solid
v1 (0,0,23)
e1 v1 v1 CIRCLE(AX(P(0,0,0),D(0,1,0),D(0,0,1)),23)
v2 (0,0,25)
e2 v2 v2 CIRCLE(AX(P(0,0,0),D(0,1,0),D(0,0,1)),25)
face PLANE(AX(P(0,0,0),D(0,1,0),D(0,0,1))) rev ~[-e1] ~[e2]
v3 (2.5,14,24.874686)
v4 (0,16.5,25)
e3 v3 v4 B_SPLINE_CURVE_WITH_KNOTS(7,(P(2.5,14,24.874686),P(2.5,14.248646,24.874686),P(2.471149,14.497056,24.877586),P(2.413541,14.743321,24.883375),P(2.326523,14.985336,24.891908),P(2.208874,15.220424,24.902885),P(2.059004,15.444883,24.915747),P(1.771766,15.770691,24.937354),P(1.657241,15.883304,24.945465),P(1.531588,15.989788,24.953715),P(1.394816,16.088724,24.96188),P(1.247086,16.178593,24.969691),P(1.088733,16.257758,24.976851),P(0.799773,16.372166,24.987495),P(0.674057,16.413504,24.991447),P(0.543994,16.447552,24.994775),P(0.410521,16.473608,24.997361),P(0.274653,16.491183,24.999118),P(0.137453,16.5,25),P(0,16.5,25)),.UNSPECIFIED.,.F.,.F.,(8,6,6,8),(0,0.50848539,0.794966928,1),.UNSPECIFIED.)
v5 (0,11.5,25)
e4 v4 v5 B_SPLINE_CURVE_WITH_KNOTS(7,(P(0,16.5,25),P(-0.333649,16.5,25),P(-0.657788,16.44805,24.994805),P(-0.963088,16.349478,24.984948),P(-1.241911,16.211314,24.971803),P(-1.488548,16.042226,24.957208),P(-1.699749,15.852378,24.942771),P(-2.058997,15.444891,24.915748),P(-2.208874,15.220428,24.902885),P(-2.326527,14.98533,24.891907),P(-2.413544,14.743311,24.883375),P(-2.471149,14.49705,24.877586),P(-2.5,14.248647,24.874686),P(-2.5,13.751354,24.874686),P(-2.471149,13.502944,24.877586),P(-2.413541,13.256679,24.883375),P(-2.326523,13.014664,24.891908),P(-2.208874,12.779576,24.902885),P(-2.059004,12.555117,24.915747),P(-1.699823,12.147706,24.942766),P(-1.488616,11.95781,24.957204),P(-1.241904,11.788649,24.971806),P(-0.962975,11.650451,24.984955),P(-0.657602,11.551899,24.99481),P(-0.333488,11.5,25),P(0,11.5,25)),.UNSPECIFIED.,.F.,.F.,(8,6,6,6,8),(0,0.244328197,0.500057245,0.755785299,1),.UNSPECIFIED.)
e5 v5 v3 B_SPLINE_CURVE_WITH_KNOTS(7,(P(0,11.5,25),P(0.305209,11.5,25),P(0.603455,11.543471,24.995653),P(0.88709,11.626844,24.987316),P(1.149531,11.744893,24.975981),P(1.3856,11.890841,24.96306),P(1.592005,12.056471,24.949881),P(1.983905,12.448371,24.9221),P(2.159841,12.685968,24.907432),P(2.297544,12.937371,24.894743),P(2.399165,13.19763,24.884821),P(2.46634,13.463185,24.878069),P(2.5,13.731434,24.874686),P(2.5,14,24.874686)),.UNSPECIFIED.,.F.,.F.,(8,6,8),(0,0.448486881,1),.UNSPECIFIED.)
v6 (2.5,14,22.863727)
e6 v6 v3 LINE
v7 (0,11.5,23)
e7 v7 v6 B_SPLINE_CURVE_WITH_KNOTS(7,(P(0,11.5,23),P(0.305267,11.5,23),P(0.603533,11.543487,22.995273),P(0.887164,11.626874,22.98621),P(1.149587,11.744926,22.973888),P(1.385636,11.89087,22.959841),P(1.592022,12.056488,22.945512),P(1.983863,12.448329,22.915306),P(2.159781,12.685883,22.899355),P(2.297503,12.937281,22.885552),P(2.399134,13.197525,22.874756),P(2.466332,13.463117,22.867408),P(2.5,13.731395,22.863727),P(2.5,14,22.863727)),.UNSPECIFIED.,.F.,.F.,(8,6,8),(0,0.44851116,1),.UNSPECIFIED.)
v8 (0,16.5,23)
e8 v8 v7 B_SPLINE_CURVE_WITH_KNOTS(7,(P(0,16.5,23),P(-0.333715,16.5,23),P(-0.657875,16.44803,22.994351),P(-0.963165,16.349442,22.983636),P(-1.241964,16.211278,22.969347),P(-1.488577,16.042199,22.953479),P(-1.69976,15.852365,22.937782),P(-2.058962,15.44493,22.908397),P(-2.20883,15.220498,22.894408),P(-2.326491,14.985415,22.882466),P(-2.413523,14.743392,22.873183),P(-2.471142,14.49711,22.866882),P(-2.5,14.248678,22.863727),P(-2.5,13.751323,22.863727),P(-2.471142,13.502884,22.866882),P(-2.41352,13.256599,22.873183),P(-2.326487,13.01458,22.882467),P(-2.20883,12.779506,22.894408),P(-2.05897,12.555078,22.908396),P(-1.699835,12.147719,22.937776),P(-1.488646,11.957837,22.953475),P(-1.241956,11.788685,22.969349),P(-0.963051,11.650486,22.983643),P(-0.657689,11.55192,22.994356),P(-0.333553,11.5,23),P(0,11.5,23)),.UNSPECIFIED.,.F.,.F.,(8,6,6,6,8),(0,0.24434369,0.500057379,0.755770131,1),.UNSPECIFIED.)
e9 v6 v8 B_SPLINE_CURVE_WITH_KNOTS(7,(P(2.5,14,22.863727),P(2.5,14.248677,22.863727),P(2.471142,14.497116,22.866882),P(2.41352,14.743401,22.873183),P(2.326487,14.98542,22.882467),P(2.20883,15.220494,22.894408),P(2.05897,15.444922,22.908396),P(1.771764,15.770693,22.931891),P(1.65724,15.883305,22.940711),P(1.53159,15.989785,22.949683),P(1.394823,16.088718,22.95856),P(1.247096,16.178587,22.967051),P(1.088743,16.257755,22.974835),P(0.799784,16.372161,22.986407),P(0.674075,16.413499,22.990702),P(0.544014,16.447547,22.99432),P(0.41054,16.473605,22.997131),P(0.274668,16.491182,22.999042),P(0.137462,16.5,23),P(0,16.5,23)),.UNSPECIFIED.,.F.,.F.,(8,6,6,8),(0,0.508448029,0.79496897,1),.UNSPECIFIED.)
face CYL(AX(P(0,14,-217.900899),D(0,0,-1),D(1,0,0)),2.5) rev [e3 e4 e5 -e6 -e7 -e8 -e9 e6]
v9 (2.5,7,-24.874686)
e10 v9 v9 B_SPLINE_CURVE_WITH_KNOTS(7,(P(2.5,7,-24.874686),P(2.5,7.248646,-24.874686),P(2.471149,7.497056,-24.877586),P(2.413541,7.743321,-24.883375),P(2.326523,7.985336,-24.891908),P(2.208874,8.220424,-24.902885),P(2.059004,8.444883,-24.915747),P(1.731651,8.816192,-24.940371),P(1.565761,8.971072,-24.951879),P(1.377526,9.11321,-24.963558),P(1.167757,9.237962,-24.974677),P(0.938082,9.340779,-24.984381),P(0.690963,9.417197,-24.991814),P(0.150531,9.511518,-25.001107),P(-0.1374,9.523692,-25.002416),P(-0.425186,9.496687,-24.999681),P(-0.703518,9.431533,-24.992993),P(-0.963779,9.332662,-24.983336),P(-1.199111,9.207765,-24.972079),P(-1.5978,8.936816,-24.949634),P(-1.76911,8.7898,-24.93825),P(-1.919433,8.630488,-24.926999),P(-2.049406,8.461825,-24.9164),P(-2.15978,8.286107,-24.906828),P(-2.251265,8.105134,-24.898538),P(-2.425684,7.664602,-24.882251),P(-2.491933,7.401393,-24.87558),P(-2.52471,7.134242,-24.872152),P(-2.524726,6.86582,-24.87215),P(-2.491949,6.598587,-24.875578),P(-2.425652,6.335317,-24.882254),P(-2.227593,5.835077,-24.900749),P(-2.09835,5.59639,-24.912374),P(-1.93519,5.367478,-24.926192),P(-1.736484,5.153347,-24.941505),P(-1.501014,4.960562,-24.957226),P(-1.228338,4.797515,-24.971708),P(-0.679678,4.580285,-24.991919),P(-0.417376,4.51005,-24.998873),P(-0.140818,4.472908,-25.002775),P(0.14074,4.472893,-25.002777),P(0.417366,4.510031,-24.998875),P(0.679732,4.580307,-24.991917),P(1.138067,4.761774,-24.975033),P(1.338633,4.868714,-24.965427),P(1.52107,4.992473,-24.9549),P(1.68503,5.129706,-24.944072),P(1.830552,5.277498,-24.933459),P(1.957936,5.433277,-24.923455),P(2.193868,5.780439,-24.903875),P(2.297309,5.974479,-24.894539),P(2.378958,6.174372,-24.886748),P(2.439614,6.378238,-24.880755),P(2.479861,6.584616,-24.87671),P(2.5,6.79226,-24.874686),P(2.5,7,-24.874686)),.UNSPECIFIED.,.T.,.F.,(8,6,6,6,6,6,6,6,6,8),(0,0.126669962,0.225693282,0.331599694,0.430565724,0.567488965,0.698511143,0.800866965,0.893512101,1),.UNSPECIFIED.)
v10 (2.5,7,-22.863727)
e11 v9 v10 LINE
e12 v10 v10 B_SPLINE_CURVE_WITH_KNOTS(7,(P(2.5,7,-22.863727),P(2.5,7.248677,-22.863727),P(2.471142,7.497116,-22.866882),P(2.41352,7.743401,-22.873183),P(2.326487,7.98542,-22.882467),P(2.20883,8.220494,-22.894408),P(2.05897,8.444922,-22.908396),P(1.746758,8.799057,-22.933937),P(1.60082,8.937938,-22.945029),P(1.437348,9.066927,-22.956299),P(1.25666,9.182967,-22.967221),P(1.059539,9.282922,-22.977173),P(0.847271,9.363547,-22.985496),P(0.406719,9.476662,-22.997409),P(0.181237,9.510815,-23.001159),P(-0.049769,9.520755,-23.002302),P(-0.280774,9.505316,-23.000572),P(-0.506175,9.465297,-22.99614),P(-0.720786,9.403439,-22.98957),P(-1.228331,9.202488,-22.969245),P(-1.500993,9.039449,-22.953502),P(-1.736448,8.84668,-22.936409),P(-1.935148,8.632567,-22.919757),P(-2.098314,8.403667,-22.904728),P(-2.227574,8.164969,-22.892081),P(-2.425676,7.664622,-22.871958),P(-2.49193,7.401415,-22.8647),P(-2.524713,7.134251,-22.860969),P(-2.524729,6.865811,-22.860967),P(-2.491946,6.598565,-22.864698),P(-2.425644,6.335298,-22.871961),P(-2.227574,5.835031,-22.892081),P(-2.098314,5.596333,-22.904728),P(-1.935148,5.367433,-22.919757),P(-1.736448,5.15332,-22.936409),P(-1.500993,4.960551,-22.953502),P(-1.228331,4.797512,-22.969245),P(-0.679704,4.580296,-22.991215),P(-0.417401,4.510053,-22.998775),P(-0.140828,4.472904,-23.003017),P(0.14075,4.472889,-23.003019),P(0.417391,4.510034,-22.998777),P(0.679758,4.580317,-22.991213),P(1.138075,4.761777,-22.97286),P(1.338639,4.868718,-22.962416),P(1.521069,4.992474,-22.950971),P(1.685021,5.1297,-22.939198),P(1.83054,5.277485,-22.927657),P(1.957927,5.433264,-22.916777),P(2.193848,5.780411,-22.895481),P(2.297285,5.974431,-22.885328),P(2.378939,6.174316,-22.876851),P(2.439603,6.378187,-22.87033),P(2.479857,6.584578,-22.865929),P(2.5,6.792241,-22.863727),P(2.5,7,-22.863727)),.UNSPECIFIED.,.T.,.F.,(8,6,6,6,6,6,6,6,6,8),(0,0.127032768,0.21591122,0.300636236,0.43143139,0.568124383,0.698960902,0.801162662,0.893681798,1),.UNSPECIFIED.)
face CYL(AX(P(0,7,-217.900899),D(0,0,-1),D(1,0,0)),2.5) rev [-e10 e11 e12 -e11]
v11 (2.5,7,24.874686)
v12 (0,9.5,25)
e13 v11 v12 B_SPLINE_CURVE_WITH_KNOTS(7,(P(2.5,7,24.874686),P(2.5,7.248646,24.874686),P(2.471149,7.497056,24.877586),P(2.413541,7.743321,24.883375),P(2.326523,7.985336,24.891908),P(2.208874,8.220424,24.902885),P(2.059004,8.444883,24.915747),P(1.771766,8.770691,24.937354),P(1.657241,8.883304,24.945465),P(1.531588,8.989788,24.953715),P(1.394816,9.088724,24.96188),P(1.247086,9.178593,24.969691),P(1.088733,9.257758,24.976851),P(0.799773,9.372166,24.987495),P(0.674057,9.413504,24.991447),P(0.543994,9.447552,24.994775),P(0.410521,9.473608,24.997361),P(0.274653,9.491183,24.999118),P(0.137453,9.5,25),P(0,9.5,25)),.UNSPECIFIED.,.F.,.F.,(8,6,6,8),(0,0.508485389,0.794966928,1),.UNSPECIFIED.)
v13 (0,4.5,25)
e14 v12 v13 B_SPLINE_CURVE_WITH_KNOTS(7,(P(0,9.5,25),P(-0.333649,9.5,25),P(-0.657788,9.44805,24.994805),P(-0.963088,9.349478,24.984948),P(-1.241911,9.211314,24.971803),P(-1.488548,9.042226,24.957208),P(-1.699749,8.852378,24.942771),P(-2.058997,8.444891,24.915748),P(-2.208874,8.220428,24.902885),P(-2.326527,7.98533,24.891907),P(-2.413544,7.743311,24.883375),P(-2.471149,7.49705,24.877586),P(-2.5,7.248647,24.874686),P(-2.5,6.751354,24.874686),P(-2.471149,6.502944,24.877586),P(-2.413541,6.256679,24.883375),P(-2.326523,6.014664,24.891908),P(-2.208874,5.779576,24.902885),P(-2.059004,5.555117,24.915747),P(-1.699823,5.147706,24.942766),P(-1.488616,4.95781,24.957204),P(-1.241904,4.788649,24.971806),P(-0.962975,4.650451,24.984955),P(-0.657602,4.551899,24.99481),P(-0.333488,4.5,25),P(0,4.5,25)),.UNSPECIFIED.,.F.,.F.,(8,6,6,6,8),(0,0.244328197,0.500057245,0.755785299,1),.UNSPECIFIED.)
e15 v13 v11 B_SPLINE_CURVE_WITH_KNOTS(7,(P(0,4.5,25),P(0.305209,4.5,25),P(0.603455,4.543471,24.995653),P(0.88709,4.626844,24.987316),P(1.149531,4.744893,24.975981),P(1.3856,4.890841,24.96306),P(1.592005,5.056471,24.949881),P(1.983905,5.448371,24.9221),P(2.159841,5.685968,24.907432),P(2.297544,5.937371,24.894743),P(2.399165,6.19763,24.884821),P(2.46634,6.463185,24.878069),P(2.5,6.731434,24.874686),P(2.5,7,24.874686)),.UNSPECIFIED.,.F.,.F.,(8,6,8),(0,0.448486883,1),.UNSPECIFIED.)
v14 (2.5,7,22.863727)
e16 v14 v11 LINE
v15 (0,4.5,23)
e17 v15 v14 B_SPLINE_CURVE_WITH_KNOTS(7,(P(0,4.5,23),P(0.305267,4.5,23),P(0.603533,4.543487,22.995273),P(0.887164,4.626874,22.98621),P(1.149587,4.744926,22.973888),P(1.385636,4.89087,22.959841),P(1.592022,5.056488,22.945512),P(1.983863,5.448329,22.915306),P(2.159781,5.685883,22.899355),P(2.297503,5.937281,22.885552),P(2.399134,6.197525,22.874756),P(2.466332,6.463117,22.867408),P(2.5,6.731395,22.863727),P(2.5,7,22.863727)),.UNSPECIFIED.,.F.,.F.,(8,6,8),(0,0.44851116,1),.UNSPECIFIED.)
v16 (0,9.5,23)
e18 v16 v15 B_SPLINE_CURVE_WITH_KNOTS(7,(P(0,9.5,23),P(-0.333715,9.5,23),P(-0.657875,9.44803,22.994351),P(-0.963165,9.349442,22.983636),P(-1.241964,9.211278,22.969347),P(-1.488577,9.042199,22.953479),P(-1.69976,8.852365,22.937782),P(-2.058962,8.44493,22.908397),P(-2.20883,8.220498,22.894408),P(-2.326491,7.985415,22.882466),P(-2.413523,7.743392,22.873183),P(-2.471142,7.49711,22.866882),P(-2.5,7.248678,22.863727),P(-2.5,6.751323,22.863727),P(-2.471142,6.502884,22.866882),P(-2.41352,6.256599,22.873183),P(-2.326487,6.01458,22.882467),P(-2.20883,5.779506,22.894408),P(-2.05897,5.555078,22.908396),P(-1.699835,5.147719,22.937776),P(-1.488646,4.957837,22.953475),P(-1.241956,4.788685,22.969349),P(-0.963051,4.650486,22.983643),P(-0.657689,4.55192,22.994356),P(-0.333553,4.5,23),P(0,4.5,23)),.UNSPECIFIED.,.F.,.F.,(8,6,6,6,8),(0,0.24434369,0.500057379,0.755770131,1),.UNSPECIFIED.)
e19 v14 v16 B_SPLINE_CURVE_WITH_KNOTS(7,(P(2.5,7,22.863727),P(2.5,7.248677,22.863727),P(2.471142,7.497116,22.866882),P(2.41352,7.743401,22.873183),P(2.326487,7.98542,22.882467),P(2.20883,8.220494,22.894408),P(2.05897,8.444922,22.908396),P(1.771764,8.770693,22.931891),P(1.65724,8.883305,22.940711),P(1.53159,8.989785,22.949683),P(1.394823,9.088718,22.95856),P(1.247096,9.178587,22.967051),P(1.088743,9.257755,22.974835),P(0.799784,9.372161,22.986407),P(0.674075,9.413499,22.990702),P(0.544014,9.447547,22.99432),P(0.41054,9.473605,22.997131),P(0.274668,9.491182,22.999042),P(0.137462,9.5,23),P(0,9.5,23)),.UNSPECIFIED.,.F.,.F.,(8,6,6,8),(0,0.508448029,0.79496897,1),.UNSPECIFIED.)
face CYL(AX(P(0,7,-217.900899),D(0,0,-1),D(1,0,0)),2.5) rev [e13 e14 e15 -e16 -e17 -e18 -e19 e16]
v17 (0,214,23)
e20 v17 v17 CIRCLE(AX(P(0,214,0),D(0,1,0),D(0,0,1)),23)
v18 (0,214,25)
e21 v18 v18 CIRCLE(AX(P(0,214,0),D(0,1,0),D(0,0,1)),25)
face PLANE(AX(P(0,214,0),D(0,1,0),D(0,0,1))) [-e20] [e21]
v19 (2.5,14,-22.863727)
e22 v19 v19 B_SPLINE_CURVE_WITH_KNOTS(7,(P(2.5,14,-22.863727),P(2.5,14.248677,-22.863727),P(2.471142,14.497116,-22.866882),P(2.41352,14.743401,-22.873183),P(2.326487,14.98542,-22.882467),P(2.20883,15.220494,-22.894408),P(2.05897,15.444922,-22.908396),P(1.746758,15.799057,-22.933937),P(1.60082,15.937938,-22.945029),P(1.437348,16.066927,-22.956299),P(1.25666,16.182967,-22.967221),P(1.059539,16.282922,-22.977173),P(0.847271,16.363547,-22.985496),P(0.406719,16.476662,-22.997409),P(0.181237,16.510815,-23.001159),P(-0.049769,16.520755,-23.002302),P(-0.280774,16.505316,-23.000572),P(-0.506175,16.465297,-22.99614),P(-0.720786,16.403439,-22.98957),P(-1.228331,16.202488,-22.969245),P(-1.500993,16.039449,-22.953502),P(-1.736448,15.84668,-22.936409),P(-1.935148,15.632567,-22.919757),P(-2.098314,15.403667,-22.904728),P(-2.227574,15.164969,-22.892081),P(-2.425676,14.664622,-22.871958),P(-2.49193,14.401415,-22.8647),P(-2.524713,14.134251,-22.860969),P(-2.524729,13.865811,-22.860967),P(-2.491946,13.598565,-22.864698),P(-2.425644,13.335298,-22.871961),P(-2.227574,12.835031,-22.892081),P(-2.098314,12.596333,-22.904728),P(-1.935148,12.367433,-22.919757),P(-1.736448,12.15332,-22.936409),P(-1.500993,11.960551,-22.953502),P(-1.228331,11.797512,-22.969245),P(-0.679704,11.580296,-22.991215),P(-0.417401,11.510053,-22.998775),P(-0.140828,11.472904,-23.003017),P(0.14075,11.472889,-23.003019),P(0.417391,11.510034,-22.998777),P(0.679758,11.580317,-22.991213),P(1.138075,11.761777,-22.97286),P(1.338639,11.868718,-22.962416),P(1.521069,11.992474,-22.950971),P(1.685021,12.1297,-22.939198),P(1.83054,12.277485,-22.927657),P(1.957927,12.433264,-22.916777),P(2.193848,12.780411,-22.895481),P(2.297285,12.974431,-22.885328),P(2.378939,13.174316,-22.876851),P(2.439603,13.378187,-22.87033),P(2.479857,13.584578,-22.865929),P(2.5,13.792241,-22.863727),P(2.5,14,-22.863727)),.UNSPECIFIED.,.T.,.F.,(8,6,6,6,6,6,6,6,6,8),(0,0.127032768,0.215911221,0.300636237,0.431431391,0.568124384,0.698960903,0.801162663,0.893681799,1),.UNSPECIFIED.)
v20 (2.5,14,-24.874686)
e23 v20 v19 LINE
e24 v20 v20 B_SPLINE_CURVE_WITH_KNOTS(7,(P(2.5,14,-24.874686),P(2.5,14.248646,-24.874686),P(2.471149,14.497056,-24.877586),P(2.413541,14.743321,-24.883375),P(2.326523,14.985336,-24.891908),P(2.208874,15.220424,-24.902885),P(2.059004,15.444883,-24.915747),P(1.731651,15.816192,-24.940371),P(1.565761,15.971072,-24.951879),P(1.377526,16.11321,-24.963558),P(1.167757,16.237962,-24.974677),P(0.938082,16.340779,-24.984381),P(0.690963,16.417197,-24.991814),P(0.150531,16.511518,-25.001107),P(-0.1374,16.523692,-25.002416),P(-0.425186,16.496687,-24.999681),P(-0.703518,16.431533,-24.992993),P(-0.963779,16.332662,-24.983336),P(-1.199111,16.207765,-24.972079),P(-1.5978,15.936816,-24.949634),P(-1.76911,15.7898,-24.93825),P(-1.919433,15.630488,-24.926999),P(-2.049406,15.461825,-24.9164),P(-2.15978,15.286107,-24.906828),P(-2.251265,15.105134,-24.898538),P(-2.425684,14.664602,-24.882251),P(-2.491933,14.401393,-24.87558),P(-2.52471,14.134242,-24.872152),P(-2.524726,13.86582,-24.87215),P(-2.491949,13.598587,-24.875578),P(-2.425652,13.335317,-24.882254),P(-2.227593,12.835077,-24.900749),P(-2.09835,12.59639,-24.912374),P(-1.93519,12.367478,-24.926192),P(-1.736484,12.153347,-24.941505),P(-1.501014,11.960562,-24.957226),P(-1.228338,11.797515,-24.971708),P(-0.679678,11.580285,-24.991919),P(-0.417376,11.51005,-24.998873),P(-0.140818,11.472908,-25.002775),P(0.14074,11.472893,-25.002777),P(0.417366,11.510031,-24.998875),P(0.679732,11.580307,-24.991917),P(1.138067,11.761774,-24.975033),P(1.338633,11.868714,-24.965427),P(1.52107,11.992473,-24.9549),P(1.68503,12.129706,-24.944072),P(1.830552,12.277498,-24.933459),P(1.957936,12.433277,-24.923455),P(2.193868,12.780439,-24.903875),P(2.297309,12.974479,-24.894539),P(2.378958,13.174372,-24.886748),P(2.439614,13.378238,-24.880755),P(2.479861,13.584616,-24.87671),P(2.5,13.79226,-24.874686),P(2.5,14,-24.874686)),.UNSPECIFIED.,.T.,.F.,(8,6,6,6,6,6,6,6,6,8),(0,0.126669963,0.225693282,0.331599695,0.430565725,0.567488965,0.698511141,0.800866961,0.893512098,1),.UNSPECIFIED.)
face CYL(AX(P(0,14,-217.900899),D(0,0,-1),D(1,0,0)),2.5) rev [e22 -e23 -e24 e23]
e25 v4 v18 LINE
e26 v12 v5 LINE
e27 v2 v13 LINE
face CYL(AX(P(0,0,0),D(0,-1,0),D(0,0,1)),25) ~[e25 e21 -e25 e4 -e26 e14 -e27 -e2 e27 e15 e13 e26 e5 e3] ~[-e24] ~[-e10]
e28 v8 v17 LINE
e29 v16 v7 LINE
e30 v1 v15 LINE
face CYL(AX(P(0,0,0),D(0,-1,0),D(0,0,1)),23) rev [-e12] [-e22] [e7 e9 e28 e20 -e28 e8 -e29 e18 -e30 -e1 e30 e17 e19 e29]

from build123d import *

# Parameters (mm, degrees)
SKETCH_1_R               = 25
SKETCH_1_R_2             = 23
EXTRUDE_1_DEPTH          = 214
CUT_EXTRUDE_1_DEPTH      = 217.90089903
CUT_EXTRUDE_1_DEPTH_BACK = 217.90089903
SKETCH_2_R               = 2.5


with BuildPart() as part:
    # Эскиз1 → Бобышка-Вытянуть1 (new body)
    with BuildSketch(Plane(origin=(0, 0, 0), x_dir=(1, 0, 0), z_dir=(0, 1, 0))):
        with Locations(Location((0, 0, 0), (0, 0, 270))):
            Circle(SKETCH_1_R)
        with Locations(Location((0, 0, 0), (0, 0, 270))):
            Circle(SKETCH_1_R_2, mode=Mode.SUBTRACT)
    extrude(amount=EXTRUDE_1_DEPTH)

    # Эскиз2 → Вырез-Вытянуть1 (cut, two sides: drawn at the far end of the back side and taken through both)
    with BuildSketch(Plane.XY.offset(-CUT_EXTRUDE_1_DEPTH_BACK)):
        with Locations((0, 7)):
            Circle(SKETCH_2_R)
        with Locations((0, 14)):
            Circle(SKETCH_2_R)
    extrude(amount=CUT_EXTRUDE_1_DEPTH + CUT_EXTRUDE_1_DEPTH_BACK, mode=Mode.SUBTRACT)


solid = part.part
